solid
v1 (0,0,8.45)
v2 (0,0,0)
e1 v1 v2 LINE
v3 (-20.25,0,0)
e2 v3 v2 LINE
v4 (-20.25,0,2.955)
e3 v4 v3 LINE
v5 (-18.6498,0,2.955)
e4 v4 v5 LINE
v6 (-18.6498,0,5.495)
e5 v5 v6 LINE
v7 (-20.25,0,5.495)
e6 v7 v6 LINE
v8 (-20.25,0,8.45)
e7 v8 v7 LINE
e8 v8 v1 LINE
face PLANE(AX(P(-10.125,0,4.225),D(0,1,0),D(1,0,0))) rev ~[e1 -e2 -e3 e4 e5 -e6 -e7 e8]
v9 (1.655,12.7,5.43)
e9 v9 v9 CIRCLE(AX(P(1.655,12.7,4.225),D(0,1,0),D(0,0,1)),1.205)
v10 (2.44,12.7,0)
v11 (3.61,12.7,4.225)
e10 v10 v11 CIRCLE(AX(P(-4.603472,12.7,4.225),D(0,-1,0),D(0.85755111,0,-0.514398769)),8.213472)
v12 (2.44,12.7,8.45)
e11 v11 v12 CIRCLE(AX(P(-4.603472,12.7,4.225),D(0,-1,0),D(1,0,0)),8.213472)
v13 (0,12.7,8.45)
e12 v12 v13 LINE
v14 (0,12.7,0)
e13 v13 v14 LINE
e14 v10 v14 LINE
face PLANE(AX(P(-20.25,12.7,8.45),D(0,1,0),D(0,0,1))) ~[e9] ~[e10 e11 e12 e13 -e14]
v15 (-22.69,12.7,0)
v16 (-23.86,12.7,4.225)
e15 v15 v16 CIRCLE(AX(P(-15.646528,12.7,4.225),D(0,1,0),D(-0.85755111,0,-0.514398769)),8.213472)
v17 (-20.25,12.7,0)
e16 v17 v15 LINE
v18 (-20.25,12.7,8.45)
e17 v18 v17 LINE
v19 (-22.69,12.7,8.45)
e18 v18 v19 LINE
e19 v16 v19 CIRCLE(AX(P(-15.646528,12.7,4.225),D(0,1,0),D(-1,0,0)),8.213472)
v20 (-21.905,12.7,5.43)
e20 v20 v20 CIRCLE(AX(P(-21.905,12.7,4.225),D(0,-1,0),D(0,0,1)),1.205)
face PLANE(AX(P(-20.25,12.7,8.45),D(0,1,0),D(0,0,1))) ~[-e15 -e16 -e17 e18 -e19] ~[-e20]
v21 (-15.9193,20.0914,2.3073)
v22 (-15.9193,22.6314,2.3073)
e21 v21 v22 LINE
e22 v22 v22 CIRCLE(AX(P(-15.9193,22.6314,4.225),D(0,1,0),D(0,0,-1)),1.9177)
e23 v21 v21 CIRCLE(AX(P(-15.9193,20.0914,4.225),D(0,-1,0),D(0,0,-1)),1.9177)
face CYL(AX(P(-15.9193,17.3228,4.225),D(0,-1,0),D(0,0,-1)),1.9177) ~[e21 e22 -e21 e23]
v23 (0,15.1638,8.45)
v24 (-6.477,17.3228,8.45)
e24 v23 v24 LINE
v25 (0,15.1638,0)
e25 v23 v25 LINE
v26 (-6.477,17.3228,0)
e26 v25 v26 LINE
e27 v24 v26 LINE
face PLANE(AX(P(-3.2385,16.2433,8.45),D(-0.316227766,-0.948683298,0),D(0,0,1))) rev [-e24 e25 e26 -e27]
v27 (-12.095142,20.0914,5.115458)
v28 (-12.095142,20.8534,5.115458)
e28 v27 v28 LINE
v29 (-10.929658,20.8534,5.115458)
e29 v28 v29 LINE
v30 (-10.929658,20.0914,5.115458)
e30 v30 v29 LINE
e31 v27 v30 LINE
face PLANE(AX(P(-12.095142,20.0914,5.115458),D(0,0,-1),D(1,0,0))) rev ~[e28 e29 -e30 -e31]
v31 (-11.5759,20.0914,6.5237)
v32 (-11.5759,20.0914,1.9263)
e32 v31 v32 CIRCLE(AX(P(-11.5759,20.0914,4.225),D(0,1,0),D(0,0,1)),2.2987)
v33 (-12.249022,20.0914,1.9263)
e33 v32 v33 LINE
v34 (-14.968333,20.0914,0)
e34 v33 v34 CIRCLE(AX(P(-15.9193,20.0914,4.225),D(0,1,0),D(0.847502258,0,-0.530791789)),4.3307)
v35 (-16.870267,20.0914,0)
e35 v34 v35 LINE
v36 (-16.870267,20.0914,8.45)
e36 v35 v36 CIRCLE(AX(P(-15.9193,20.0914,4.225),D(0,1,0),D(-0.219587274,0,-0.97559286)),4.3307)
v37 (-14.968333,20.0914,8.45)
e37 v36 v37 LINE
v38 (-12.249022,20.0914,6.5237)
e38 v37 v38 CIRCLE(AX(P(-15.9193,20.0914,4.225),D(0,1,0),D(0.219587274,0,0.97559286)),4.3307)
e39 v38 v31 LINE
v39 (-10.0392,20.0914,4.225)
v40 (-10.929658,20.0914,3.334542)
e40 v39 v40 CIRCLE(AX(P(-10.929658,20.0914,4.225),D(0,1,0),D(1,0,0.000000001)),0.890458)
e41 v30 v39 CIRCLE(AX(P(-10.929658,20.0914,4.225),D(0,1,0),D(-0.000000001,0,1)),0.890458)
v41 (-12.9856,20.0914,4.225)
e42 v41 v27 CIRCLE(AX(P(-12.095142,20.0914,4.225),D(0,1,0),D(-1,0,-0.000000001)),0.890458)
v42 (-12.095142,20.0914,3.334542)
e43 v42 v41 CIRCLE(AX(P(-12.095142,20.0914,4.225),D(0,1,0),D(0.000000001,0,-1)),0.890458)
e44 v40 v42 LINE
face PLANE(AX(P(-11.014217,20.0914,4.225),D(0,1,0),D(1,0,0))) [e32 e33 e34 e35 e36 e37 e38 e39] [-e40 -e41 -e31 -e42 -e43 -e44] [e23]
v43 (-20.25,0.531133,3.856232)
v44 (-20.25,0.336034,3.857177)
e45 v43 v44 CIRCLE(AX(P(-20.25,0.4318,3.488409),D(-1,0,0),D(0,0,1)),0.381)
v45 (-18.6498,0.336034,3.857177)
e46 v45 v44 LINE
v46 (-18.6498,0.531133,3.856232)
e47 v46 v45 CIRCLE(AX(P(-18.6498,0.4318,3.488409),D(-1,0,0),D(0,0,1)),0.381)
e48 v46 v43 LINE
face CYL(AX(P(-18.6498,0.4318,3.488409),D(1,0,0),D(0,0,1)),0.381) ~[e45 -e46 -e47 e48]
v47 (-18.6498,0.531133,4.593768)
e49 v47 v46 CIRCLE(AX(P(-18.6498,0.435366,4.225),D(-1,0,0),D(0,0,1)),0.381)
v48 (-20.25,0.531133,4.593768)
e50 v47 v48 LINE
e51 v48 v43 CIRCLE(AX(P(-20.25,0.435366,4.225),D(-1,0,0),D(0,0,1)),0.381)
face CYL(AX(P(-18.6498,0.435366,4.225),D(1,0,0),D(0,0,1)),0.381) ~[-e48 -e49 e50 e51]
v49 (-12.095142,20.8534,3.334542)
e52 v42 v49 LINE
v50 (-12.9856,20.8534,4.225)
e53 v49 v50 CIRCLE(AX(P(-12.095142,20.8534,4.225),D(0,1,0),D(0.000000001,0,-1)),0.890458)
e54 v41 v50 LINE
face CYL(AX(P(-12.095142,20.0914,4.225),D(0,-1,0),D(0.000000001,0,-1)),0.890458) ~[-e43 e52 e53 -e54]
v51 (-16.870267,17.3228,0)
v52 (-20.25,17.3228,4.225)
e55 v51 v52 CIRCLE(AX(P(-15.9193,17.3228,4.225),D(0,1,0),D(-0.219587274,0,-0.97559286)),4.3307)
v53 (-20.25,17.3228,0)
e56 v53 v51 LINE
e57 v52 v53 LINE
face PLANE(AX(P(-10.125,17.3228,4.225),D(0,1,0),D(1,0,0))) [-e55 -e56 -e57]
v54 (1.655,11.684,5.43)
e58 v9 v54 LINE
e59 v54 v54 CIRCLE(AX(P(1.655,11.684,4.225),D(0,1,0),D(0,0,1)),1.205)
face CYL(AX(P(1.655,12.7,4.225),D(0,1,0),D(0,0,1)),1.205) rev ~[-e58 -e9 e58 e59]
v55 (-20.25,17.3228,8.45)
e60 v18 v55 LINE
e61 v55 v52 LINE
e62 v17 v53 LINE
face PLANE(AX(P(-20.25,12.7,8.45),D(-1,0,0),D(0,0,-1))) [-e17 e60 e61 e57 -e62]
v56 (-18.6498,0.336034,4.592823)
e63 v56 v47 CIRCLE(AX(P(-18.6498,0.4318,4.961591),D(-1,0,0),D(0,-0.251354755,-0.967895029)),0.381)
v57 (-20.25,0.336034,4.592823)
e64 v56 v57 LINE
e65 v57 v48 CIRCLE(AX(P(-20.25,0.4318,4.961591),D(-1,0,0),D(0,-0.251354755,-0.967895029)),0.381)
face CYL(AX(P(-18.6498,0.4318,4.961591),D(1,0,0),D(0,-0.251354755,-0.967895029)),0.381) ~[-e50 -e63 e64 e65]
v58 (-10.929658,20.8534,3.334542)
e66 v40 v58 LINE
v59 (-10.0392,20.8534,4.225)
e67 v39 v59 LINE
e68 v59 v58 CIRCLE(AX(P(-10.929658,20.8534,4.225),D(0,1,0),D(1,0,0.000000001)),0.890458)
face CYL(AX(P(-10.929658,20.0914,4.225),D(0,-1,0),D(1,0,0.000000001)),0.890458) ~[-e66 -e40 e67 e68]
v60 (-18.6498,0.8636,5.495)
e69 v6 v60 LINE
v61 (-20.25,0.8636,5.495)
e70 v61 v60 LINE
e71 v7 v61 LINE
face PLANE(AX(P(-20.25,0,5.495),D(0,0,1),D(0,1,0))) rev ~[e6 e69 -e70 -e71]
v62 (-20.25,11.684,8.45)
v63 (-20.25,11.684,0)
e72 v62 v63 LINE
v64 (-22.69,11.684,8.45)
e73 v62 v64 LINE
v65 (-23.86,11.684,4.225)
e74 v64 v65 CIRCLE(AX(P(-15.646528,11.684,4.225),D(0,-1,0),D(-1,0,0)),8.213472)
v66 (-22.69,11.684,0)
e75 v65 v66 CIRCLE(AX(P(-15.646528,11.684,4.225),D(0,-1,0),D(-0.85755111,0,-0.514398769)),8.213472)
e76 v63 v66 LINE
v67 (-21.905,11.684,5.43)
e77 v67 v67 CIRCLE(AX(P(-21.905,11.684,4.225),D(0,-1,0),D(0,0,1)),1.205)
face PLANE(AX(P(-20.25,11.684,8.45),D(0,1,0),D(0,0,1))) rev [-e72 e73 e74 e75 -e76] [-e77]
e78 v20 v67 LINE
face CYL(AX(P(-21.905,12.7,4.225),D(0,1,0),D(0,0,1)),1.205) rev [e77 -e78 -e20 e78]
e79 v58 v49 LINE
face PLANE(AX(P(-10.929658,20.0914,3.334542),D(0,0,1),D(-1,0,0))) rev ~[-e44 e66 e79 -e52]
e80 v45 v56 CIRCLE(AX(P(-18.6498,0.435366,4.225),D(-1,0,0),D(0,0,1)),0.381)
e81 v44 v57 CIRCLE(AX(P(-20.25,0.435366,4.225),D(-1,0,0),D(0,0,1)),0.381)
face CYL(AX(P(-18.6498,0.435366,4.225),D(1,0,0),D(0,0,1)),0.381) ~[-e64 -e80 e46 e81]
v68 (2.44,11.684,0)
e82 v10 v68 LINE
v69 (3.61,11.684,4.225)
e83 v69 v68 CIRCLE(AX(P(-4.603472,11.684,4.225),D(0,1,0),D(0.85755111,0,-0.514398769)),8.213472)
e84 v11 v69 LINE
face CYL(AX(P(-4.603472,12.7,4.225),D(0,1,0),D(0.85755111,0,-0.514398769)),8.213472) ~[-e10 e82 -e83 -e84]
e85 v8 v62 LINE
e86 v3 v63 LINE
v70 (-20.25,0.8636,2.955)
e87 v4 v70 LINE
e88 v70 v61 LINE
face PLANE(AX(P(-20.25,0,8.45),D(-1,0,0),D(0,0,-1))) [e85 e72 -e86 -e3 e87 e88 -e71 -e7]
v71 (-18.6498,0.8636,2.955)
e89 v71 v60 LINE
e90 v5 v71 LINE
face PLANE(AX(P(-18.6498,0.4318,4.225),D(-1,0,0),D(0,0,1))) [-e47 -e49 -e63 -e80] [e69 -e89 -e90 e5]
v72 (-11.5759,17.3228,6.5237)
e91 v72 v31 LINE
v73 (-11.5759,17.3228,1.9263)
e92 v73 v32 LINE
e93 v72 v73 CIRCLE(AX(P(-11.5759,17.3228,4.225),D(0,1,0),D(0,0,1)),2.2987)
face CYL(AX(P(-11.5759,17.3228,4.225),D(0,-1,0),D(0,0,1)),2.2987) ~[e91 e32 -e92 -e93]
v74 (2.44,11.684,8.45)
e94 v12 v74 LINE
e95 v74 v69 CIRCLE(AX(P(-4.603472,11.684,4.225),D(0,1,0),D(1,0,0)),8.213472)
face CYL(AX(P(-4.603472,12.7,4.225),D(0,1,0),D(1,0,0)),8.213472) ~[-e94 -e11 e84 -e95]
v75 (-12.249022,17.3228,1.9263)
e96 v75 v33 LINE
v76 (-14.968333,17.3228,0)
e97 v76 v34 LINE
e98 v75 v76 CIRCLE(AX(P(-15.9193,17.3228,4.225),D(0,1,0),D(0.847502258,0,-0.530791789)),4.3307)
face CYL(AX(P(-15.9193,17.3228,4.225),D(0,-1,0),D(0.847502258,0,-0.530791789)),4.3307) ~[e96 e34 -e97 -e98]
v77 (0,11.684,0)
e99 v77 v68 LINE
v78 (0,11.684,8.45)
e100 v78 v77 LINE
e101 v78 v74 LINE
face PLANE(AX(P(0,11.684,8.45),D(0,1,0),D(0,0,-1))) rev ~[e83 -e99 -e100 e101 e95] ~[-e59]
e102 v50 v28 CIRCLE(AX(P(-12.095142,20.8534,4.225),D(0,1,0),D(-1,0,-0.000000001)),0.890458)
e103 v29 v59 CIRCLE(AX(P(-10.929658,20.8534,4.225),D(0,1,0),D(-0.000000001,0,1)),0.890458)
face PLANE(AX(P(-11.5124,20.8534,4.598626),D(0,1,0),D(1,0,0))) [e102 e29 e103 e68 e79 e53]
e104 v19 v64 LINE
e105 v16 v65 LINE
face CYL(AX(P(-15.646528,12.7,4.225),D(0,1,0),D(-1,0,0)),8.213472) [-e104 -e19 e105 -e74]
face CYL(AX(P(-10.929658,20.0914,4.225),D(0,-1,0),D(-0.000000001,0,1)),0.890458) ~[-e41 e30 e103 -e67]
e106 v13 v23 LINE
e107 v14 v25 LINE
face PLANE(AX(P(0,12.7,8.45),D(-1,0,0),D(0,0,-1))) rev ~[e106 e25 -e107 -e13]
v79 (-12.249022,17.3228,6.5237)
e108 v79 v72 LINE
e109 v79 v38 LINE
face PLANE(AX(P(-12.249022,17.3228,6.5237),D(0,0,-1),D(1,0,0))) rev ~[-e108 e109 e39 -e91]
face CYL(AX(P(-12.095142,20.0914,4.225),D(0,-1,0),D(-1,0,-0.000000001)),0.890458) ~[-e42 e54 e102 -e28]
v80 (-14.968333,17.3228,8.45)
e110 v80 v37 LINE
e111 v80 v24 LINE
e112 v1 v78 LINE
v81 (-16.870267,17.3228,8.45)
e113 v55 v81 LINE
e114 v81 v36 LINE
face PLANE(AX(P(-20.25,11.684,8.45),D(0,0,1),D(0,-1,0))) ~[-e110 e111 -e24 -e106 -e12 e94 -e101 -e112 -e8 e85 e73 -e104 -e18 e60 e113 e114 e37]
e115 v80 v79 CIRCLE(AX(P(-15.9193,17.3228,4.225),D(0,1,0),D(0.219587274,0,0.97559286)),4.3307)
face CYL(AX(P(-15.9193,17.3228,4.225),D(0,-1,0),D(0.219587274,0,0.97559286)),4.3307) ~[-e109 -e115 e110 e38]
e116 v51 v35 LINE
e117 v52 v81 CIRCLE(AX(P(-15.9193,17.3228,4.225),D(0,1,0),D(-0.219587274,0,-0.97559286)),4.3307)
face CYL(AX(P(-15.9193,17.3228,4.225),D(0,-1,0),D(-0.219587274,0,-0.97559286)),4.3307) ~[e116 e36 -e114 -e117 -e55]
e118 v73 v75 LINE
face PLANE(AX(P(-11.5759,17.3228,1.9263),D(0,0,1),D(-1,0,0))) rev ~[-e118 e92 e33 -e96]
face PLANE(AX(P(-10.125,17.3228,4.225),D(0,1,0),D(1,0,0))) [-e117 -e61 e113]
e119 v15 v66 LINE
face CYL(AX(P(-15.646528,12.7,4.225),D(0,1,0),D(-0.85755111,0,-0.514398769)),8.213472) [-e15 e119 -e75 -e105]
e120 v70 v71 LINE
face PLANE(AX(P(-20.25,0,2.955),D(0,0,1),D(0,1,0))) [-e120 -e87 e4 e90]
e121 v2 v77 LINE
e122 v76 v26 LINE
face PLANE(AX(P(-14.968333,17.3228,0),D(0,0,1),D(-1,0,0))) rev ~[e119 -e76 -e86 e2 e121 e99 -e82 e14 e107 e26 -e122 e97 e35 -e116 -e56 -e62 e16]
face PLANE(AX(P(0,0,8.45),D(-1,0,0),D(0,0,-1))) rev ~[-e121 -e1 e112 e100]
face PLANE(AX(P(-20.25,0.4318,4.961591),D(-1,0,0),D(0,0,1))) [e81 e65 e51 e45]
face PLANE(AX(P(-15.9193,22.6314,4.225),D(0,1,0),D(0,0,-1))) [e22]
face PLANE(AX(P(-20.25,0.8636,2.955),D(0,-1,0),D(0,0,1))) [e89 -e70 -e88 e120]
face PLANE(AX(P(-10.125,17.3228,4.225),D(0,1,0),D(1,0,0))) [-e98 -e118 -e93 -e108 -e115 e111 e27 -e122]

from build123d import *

# Parameters (mm, degrees)
SKETCH1_W           = 20.25
SKETCH1_H           = 8.45
BOSS_EXTRUDE1_DEPTH = 12.7
SKETCH2_W           = 8.45
SKETCH2_H           = 1.016
BOSS_EXTRUDE2_DEPTH = 3.61
CUT_EXTRUDE1_REACH  = 27.353
SKETCH3_R           = 1.205
SKETCH4_W           = 20.25
SKETCH4_H           = 8.45
BOSS_EXTRUDE3_DEPTH = 4.6228
CHAMFER1_SIZE       = 2.159
CHAMFER1_SIZE2      = 6.477
SKETCH5_R           = 1.9177
BOSS_EXTRUDE4_DEPTH = 5.3086
SKETCH6_R           = 1.9177
BOSS_EXTRUDE5_DEPTH = 2.7686
BOSS_EXTRUDE6_DEPTH = 0.762
SKETCH8_W           = 2.54
SKETCH8_H           = 0.8636
CUT_EXTRUDE2_DEPTH  = 1.6002
SKETCH9_R           = 0.381
BOSS_EXTRUDE9_DEPTH = 1.6002


with BuildPart() as part:
    # Sketch1 → Boss-Extrude1 (new body)
    with BuildSketch(Plane(origin=(0, 0, 0), x_dir=(1, 0, 0), z_dir=(0, 1, 0))):
        with Locations((-10.125, -4.225)):
            Rectangle(SKETCH1_W, SKETCH1_H)
    extrude(amount=BOSS_EXTRUDE1_DEPTH)

    # Sketch2 → Boss-Extrude2 (add)
    with BuildSketch(Plane(origin=(0, 0, 0), x_dir=(0, 0, -1), z_dir=(1, 0, 0))):
        with Locations((-4.225, 12.192)):
            Rectangle(SKETCH2_W, SKETCH2_H)
    boss_extrude2 = extrude(amount=BOSS_EXTRUDE2_DEPTH)

    # Sketch3 → Cut-Extrude1 (cut, up to next)
    with BuildSketch(Plane(origin=(0, 12.7, 0), x_dir=(1, 0, 0), z_dir=(0, 1, 0)), mode=Mode.PRIVATE) as cut_extrude1_sk1:
        with BuildLine():
            ThreePointArc((3.61, -4.225), (3.312097542, -6.417003935), (2.44, -8.45))
            Line((2.44, -8.45), (3.61, -8.45))
            Line((3.61, -8.45), (3.61, -4.225))
        make_face()
    cut_extrude1_tool1 = extrude(cut_extrude1_sk1.sketch, amount=-CUT_EXTRUDE1_REACH, mode=Mode.PRIVATE) & part.part
    # Sketch3 → Cut-Extrude1 (cut, up to next)
    with BuildSketch(Plane(origin=(0, 12.7, 0), x_dir=(1, 0, 0), z_dir=(0, 1, 0)), mode=Mode.PRIVATE) as cut_extrude1_sk2:
        with BuildLine():
            ThreePointArc((2.44, 0), (3.312097542, -2.032996065), (3.61, -4.225))
            Line((3.61, -4.225), (3.61, 0))
            Line((3.61, 0), (2.44, 0))
        make_face()
    cut_extrude1_tool2 = extrude(cut_extrude1_sk2.sketch, amount=-CUT_EXTRUDE1_REACH, mode=Mode.PRIVATE) & part.part
    # Sketch3 → Cut-Extrude1 (cut, up to next)
    with BuildSketch(Plane(origin=(0, 12.7, 0), x_dir=(1, 0, 0), z_dir=(0, 1, 0)), mode=Mode.PRIVATE) as cut_extrude1_sk3:
        with Locations(Location((1.655, -4.225, 0), (0, 0, 270))):
            Circle(SKETCH3_R)
    cut_extrude1_tool3 = extrude(cut_extrude1_sk3.sketch, amount=-CUT_EXTRUDE1_REACH, mode=Mode.PRIVATE) & part.part
    cut_extrude1_1 = cut_extrude1_tool1.solids().sort_by_distance((3.263745, 12.7, 7.409386))[0]
    add(cut_extrude1_1, mode=Mode.SUBTRACT)
    cut_extrude1_2 = cut_extrude1_tool2.solids().sort_by_distance((3.263745, 12.7, 1.040614))[0]
    add(cut_extrude1_2, mode=Mode.SUBTRACT)
    cut_extrude1_3 = cut_extrude1_tool3.solids().sort_by_distance((1.655, 12.7, 4.225))[0]
    add(cut_extrude1_3, mode=Mode.SUBTRACT)
    cut_extrude1 = cut_extrude1_1 + cut_extrude1_2 + cut_extrude1_3  # Cut-Extrude1 as one shape, for the pattern or mirror that repeats it

    # Mirror1: Boss-Extrude2, Cut-Extrude1 across plane
    add(boss_extrude2.mirror(Plane(origin=(-10.125, 0, 0), x_dir=(0, 0, 1), z_dir=(1, 0, 0))))
    add(cut_extrude1.mirror(Plane(origin=(-10.125, 0, 0), x_dir=(0, 0, 1), z_dir=(1, 0, 0))), mode=Mode.SUBTRACT)

    # Sketch4 → Boss-Extrude3 (add)
    with BuildSketch(Plane(origin=(0, 12.7, 0), x_dir=(1, 0, 0), z_dir=(0, 1, 0))):
        with Locations((-10.125, -4.225)):
            Rectangle(SKETCH4_W, SKETCH4_H)
    extrude(amount=BOSS_EXTRUDE3_DEPTH)

    # Chamfer1
    chamfer1_edges = [part.edges().sort_by_distance(p)[0] for p in [
        (0, 17.3228, 4.225),
    ]]
    chamfer1_side = [part.faces().sort_by_distance(p)[0] for p in [
        (0, 15.0114, 4.225),
    ]]
    chamfer(chamfer1_edges, length=CHAMFER1_SIZE, length2=CHAMFER1_SIZE2, reference=chamfer1_side[0])

    # Sketch5 → Boss-Extrude4 (add)
    with BuildSketch(Plane(origin=(0, 17.3228, 0), x_dir=(1, 0, 0), z_dir=(0, 1, 0))):
        with Locations(Location((-15.9193, -4.225, 0), (0, 0, 90))):
            Circle(SKETCH5_R)
    extrude(amount=BOSS_EXTRUDE4_DEPTH)

    # Sketch6 → Boss-Extrude5 (add)
    # profile 1 of 2: a face of its own
    with BuildSketch(Plane(origin=(0, 17.3228, 0), x_dir=(1, 0, 0), z_dir=(0, 1, 0))):
        with BuildLine():
            Line((-11.5759, -1.9263), (-12.249021972, -1.9263))
            ThreePointArc((-12.249021972, -1.9263), (-11.5886, -4.225), (-12.249021972, -6.5237))
            Line((-12.249021972, -6.5237), (-11.5759, -6.5237))
            ThreePointArc((-11.5759, -6.5237), (-9.2772, -4.225), (-11.5759, -1.9263))
        make_face()
    # profile 2 of 2: a face of its own
    with BuildSketch(Plane(origin=(0, 17.3228, 0), x_dir=(1, 0, 0), z_dir=(0, 1, 0))):
        with BuildLine():
            Line((-14.968333392, 0), (-16.870266608, 0))
            ThreePointArc((-16.870266608, 0), (-20.25, -4.225), (-16.870266608, -8.45))
            Line((-16.870266608, -8.45), (-14.968333392, -8.45))
            ThreePointArc((-14.968333392, -8.45), (-13.415975527, -7.758883002), (-12.249021972, -6.5237))
            ThreePointArc((-12.249021972, -6.5237), (-11.5886, -4.225), (-12.249021972, -1.9263))
            ThreePointArc((-12.249021972, -1.9263), (-13.415975527, -0.691116998), (-14.968333392, 0))
        make_face()
        with Locations(Location((-15.9193, -4.225, 0), (0, 0, 270))):
            Circle(SKETCH6_R, mode=Mode.SUBTRACT)
    extrude(amount=BOSS_EXTRUDE5_DEPTH)

    # Sketch7 → Boss-Extrude6 (add)
    with BuildSketch(Plane(origin=(0, 20.0914, 0), x_dir=(1, 0, 0), z_dir=(0, 1, 0))):
        with BuildLine():
            Line((-10.0392, -4.225), (-12.9856, -4.225))
            ThreePointArc((-12.9856, -4.225), (-12.724790977, -4.854648681), (-12.095142296, -5.115457704))
            Line((-12.095142296, -5.115457704), (-10.929657704, -5.115457704))
            ThreePointArc((-10.929657704, -5.115457704), (-10.300009023, -4.854648681), (-10.0392, -4.225))
        make_face()
        with BuildLine():
            ThreePointArc((-12.095142296, -3.334542296), (-12.724790977, -3.595351319), (-12.9856, -4.225))
            Line((-12.9856, -4.225), (-10.0392, -4.225))
            ThreePointArc((-10.0392, -4.225), (-10.300009023, -3.595351319), (-10.929657704, -3.334542296))
            Line((-10.929657704, -3.334542296), (-12.095142296, -3.334542296))
        make_face()
    extrude(amount=BOSS_EXTRUDE6_DEPTH)

    # Sketch8 → Cut-Extrude2 (cut)
    with BuildSketch(Plane.ZY.offset(20.25)):
        with Locations((4.225, 0.4318)):
            Rectangle(SKETCH8_W, SKETCH8_H)
    extrude(amount=-CUT_EXTRUDE2_DEPTH, mode=Mode.SUBTRACT)

    # Sketch9 → Boss-Extrude9 (add)
    with BuildSketch(Plane.ZY.offset(18.6498)):
        with Locations((4.961591366, 0.4318)):
            Circle(SKETCH9_R)
        with Locations((4.225, 0.435366491)):
            Circle(SKETCH9_R)
        with Locations((3.488408634, 0.4318)):
            Circle(SKETCH9_R)
    extrude(amount=BOSS_EXTRUDE9_DEPTH)


solid = part.part
